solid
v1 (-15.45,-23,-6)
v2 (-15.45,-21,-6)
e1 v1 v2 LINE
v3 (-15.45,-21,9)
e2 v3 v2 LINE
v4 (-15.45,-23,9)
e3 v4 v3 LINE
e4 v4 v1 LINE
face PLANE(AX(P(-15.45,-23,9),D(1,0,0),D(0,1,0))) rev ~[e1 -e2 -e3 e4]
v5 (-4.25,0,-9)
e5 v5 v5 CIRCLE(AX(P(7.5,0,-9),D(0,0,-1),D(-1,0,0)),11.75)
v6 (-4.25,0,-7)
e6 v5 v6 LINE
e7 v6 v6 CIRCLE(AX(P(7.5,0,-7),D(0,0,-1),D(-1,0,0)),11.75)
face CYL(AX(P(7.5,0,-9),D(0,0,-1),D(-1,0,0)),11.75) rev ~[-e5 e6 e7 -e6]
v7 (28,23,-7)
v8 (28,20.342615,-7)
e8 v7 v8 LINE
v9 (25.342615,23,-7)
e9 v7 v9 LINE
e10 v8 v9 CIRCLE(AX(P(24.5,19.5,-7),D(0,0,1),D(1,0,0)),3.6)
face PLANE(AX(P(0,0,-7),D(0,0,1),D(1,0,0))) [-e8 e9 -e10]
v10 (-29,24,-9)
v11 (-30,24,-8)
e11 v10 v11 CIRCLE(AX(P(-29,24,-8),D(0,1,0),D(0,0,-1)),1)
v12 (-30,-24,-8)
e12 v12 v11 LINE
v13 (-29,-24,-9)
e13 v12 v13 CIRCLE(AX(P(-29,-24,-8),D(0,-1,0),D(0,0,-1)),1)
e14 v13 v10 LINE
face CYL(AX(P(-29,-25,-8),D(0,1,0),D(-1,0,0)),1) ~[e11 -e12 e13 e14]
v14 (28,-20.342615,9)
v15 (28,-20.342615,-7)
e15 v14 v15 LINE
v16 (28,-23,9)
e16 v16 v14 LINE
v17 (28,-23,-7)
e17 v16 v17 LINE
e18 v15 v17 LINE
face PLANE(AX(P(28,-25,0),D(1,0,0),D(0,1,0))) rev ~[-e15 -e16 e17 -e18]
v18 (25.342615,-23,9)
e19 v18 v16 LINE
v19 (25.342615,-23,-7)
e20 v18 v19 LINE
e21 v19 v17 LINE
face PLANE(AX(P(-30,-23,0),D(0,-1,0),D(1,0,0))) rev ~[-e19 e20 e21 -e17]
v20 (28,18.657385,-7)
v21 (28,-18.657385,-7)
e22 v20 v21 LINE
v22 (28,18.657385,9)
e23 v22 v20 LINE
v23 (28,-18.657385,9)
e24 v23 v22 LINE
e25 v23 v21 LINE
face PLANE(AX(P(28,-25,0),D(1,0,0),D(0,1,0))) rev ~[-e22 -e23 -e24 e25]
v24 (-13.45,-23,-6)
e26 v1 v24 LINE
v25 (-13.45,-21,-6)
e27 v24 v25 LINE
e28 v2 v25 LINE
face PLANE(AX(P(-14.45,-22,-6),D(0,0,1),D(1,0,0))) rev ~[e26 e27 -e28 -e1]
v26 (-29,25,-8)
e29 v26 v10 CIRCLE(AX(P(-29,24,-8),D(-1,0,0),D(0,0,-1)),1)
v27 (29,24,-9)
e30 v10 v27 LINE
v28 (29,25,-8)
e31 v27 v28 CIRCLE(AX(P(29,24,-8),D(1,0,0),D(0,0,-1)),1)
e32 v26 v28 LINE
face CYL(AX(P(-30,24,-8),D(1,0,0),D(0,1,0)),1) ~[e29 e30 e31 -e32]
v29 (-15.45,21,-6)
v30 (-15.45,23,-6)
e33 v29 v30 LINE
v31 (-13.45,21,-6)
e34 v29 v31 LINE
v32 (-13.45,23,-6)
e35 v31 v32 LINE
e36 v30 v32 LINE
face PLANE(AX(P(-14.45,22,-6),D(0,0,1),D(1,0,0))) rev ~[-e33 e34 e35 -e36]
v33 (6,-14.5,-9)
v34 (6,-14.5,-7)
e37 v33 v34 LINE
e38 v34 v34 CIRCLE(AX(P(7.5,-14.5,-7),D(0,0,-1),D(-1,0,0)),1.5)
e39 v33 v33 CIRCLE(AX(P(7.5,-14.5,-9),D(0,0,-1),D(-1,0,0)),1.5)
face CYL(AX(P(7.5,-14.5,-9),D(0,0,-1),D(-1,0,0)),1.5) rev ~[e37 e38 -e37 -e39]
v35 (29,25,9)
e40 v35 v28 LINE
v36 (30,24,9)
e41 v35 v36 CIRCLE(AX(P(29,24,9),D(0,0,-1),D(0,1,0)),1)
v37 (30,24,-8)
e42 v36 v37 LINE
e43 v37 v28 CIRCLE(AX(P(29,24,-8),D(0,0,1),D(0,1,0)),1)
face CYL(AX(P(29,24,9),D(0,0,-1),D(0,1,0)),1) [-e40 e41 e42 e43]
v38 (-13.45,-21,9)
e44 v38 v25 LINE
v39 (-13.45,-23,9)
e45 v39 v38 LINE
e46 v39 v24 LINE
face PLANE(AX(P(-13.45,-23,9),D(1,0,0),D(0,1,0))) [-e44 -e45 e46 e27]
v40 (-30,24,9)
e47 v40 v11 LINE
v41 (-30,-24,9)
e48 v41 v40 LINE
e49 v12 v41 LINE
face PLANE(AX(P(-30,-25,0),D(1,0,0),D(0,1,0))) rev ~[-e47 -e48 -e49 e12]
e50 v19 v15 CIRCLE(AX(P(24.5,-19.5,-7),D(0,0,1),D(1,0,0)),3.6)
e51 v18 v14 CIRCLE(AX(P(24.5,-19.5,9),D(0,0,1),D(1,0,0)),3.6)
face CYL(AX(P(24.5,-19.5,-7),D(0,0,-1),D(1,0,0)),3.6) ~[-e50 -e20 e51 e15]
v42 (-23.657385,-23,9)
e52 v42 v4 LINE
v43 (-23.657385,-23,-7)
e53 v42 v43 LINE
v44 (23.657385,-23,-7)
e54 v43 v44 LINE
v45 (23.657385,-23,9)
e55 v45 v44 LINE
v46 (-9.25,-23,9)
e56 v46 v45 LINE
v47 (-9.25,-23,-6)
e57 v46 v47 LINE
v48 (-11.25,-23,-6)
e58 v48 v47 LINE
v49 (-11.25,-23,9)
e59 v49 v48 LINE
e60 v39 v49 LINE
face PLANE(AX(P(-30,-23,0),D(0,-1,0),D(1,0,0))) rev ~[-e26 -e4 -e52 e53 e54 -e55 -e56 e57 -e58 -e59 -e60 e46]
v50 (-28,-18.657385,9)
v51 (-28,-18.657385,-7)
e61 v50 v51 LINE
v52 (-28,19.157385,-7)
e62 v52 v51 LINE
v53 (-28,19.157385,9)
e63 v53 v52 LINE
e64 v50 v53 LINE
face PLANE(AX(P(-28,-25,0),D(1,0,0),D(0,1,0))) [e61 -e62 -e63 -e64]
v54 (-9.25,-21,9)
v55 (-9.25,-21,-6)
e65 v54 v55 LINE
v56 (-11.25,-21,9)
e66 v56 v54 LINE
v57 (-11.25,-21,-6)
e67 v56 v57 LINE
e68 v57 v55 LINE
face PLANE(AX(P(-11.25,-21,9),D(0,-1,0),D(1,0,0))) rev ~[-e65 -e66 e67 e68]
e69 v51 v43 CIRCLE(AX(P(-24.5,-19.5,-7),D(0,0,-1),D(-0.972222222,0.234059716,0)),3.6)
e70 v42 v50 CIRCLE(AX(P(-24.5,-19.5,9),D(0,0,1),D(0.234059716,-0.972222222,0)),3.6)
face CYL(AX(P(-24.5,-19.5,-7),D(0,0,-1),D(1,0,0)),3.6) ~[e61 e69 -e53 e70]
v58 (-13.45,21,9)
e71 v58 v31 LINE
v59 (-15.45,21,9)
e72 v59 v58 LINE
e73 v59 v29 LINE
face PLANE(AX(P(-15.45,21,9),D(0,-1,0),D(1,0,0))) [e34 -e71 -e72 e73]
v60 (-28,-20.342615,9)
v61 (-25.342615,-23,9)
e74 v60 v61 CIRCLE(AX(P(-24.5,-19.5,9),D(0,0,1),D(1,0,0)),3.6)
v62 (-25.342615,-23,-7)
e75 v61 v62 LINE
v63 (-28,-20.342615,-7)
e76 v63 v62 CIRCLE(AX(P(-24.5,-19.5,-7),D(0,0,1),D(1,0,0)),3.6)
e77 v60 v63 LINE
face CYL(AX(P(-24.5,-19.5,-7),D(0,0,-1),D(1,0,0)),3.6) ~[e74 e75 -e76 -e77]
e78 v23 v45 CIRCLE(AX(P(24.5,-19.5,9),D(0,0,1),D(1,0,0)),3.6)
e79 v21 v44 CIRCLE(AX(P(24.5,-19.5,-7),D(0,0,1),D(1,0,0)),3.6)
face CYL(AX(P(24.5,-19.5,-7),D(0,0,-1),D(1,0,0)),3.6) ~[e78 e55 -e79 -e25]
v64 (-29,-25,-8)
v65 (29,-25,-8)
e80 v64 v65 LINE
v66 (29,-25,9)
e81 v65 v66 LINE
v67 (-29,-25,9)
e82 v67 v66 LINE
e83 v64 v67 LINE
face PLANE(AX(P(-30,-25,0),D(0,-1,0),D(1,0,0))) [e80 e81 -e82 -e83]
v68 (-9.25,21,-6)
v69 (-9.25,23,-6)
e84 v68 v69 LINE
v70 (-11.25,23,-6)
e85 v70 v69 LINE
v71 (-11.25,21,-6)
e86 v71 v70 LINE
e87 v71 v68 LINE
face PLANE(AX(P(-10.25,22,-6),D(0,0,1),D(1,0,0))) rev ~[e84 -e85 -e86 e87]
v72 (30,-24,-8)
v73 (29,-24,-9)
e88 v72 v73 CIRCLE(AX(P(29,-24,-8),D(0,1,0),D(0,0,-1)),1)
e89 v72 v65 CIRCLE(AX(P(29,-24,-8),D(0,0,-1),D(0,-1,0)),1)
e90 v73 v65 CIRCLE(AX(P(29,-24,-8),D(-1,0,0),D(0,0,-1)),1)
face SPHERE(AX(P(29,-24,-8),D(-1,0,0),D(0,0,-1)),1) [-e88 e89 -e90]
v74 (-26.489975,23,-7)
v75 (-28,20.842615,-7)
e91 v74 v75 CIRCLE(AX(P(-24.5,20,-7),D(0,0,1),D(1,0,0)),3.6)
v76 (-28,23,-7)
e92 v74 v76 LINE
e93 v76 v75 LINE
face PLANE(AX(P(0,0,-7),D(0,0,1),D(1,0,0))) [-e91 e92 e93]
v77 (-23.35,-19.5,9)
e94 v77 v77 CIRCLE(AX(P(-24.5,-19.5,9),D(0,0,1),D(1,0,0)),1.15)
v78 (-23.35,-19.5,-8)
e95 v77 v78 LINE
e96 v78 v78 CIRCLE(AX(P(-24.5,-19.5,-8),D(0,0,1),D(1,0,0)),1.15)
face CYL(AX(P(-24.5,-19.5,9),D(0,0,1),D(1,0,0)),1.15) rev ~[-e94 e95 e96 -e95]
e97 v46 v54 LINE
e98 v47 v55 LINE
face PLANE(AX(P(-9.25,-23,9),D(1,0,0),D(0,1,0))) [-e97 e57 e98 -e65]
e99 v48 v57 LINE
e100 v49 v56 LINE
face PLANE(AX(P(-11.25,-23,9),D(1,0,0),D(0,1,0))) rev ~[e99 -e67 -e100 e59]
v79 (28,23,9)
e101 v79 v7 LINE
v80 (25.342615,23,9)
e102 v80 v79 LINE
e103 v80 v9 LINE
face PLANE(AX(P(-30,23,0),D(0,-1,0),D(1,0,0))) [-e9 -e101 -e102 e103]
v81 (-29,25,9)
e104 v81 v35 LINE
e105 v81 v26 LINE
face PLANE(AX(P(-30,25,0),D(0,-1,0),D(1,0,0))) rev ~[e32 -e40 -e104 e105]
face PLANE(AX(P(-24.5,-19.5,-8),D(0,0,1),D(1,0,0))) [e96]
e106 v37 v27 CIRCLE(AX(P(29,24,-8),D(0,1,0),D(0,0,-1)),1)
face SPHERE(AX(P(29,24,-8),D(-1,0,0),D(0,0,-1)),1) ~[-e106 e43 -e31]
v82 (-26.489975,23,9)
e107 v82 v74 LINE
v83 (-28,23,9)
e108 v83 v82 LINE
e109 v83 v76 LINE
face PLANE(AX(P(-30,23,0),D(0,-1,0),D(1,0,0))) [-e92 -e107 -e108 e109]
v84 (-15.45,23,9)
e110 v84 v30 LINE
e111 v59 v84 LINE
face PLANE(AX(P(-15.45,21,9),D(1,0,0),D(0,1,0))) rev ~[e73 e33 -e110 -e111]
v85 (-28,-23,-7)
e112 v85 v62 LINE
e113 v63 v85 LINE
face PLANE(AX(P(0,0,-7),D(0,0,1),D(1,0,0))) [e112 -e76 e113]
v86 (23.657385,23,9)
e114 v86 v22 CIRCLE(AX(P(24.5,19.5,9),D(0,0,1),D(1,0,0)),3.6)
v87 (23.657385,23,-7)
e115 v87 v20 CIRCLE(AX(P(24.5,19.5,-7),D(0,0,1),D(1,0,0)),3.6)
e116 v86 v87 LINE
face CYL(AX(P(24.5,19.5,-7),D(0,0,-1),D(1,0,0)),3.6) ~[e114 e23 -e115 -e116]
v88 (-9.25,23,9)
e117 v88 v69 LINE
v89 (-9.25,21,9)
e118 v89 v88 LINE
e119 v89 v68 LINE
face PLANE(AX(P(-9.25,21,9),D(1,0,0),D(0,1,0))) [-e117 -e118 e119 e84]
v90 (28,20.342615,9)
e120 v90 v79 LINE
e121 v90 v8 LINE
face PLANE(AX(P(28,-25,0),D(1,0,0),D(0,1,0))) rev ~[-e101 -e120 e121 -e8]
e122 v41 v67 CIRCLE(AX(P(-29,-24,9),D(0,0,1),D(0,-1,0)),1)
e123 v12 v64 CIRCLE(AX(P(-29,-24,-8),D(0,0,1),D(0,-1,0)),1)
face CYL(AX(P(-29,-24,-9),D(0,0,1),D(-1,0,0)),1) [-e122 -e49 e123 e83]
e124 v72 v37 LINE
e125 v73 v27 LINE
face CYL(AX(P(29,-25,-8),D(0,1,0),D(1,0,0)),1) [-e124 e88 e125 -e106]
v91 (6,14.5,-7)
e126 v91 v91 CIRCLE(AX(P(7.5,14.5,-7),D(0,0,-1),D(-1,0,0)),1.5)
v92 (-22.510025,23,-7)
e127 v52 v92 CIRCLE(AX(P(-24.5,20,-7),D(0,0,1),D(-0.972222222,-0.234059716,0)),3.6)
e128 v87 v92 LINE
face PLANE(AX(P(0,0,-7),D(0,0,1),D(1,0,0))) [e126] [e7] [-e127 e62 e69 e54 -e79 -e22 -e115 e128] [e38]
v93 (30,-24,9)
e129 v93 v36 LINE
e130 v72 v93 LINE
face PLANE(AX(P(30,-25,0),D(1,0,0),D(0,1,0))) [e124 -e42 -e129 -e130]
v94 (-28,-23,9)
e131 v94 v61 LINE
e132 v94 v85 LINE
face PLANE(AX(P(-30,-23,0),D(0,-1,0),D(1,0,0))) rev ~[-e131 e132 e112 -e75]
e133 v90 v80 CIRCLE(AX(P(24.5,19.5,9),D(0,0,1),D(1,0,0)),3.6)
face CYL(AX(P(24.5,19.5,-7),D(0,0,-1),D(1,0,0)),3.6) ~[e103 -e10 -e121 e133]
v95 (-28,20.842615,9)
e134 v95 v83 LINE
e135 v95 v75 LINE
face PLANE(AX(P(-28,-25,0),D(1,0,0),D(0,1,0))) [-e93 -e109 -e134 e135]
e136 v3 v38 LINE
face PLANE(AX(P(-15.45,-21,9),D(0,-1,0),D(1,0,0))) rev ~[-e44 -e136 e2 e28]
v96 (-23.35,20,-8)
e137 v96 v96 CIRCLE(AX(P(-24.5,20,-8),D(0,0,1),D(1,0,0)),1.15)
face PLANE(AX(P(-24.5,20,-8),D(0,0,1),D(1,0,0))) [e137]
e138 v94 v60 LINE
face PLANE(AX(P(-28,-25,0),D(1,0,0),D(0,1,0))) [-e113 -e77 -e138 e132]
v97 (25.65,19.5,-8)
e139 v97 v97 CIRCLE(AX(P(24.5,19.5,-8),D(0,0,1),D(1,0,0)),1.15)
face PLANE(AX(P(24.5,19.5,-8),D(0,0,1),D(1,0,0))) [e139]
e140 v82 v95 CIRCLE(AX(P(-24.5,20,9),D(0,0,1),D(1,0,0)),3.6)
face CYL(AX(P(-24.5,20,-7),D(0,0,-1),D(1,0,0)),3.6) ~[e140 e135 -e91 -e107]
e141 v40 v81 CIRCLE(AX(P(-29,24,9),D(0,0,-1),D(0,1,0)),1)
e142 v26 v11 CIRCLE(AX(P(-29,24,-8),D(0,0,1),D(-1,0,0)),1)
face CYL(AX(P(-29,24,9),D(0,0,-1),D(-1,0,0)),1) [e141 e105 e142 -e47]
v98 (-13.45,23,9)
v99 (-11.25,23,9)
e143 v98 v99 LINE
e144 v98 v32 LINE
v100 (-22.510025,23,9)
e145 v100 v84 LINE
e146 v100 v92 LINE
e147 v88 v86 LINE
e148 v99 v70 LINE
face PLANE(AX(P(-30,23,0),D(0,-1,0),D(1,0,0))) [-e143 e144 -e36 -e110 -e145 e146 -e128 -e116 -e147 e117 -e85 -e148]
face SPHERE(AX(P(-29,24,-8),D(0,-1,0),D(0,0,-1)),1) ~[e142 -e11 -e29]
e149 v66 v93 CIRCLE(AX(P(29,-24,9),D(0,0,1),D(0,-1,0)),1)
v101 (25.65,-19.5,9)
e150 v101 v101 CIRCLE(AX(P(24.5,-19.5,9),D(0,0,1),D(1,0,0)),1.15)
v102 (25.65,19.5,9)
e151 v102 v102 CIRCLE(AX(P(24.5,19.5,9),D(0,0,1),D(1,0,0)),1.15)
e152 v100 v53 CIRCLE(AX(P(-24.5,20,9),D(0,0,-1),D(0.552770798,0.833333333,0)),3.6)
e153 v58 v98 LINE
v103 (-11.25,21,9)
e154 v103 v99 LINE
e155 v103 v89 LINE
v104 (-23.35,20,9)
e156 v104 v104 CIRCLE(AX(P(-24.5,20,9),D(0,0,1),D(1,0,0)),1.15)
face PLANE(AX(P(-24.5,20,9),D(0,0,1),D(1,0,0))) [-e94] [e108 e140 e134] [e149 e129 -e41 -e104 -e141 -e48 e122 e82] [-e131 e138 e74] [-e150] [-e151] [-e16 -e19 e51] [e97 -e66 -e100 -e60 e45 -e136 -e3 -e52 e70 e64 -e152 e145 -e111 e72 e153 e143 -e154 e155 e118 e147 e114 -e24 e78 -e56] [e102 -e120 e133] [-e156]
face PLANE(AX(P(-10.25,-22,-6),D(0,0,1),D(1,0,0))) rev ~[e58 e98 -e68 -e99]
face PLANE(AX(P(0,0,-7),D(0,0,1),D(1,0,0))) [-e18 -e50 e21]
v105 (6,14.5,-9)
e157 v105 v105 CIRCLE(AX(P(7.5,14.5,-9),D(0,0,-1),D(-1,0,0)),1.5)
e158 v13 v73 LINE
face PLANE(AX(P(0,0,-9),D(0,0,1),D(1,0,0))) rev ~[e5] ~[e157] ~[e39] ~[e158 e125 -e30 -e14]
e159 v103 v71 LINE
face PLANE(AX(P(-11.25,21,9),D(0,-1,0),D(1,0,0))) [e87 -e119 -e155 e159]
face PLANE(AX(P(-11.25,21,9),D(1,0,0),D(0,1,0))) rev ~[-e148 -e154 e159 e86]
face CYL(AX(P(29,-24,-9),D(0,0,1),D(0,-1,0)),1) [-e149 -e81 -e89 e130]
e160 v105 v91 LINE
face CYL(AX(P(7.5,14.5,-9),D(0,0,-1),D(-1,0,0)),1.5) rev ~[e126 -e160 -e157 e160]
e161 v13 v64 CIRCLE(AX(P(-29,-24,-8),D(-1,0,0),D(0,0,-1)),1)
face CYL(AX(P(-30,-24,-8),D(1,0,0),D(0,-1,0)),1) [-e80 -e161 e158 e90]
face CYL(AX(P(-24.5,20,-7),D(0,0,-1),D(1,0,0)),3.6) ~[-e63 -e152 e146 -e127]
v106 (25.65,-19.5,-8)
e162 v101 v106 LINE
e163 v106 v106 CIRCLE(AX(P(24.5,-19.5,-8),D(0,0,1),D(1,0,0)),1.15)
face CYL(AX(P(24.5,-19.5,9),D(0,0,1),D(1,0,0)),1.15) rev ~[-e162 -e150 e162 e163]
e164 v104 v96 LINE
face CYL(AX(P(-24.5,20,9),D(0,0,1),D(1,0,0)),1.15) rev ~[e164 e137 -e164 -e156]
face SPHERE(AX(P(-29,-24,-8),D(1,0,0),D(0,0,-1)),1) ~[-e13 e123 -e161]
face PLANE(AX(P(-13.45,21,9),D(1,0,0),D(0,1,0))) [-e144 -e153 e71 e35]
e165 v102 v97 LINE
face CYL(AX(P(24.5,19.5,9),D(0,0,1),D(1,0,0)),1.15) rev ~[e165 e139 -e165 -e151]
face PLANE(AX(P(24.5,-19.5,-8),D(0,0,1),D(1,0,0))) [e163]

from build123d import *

# Parameters (mm, degrees)
SKETCH2_W            = 60
SKETCH2_H            = 50
BOSS_EXTRUDE1_DEPTH  = 9
SHELL1_T             = -2
SKETCH6_R            = 11.75
SKETCH6_R_2          = 1.5
CUT_EXTRUDE3_DEPTH   = 18
SKETCH8_R            = 3.6
BOSS_EXTRUDE7_DEPTH  = 16
SKETCH10_R           = 3.6
BOSS_EXTRUDE8_DEPTH  = 16
SKETCH11_R           = 1.15
CUT_EXTRUDE4_DEPTH   = 17
SKETCH12_W           = 2
SKETCH12_H           = 2
BOSS_EXTRUDE13_DEPTH = 15
FILLET3_R            = 1


with BuildPart() as part:
    # Sketch2 → Boss-Extrude1 (new, symmetric)
    with BuildSketch(Plane.XY):
        Rectangle(SKETCH2_W, SKETCH2_H)
    extrude(amount=BOSS_EXTRUDE1_DEPTH, both=True)

    # Shell1
    shell1_openings = [part.faces().sort_by_distance(p)[0] for p in [
        (0, 0, 9),
    ]]
    offset(amount=SHELL1_T, openings=shell1_openings, kind=Kind.INTERSECTION)

    # Sketch6 → Cut-Extrude3 (cut)
    with BuildSketch(Plane(origin=(0, 0, -9), x_dir=(-1, 0, 0), z_dir=(0, 0, -1))):
        with Locations((-7.5, 0)):
            Circle(SKETCH6_R)
        with Locations((-7.5, 14.5)):
            Circle(SKETCH6_R_2)
        with Locations((-7.5, -14.5)):
            Circle(SKETCH6_R_2)
    extrude(amount=-CUT_EXTRUDE3_DEPTH, mode=Mode.SUBTRACT)

    # Sketch8 → Boss-Extrude7 (add, through all)
    with BuildSketch(Plane.XY.offset(-7)):
        with Locations((-24.5, 20)):
            Circle(SKETCH8_R)
    extrude(amount=BOSS_EXTRUDE7_DEPTH)

    # Sketch10 → Boss-Extrude8 (add, through all)
    with BuildSketch(Plane.XY.offset(-7)):
        with Locations((24.5, -19.5)):
            Circle(SKETCH10_R)
        with Locations((24.5, 19.5)):
            Circle(SKETCH10_R)
        with Locations((-24.5, -19.5)):
            Circle(SKETCH10_R)
    extrude(amount=BOSS_EXTRUDE8_DEPTH)

    # Sketch11 → Cut-Extrude4 (cut)
    with BuildSketch(Plane.XY.offset(9)):
        with Locations((-24.5, 20)):
            Circle(SKETCH11_R)
        with Locations((24.5, 19.5)):
            Circle(SKETCH11_R)
        with Locations((24.5, -19.5)):
            Circle(SKETCH11_R)
        with Locations((-24.5, -19.5)):
            Circle(SKETCH11_R)
    extrude(amount=-CUT_EXTRUDE4_DEPTH, mode=Mode.SUBTRACT)

    # Sketch12 → Boss-Extrude13 (add)
    with BuildSketch(Plane.XY.offset(9)):
        with Locations((-10.25, -22)):
            Rectangle(SKETCH12_W, SKETCH12_H)
        with Locations((-14.45, -22)):
            Rectangle(SKETCH12_W, SKETCH12_H)
        with Locations((-14.45, 22)):
            Rectangle(SKETCH12_W, SKETCH12_H)
        with Locations((-10.25, 22)):
            Rectangle(SKETCH12_W, SKETCH12_H)
    extrude(amount=-BOSS_EXTRUDE13_DEPTH)

    # Fillet3
    fillet3_edges = [part.edges().sort_by_distance(p)[0] for p in [
        (0, -25, -9),
        (-30, 0, -9),
        (0, 25, -9),
        (30, 0, -9),
        (30, -25, 0),
        (-30, -25, 0),
        (-30, 25, 0),
        (30, 25, 0),
    ]]
    fillet(fillet3_edges, radius=FILLET3_R)


solid = part.part
